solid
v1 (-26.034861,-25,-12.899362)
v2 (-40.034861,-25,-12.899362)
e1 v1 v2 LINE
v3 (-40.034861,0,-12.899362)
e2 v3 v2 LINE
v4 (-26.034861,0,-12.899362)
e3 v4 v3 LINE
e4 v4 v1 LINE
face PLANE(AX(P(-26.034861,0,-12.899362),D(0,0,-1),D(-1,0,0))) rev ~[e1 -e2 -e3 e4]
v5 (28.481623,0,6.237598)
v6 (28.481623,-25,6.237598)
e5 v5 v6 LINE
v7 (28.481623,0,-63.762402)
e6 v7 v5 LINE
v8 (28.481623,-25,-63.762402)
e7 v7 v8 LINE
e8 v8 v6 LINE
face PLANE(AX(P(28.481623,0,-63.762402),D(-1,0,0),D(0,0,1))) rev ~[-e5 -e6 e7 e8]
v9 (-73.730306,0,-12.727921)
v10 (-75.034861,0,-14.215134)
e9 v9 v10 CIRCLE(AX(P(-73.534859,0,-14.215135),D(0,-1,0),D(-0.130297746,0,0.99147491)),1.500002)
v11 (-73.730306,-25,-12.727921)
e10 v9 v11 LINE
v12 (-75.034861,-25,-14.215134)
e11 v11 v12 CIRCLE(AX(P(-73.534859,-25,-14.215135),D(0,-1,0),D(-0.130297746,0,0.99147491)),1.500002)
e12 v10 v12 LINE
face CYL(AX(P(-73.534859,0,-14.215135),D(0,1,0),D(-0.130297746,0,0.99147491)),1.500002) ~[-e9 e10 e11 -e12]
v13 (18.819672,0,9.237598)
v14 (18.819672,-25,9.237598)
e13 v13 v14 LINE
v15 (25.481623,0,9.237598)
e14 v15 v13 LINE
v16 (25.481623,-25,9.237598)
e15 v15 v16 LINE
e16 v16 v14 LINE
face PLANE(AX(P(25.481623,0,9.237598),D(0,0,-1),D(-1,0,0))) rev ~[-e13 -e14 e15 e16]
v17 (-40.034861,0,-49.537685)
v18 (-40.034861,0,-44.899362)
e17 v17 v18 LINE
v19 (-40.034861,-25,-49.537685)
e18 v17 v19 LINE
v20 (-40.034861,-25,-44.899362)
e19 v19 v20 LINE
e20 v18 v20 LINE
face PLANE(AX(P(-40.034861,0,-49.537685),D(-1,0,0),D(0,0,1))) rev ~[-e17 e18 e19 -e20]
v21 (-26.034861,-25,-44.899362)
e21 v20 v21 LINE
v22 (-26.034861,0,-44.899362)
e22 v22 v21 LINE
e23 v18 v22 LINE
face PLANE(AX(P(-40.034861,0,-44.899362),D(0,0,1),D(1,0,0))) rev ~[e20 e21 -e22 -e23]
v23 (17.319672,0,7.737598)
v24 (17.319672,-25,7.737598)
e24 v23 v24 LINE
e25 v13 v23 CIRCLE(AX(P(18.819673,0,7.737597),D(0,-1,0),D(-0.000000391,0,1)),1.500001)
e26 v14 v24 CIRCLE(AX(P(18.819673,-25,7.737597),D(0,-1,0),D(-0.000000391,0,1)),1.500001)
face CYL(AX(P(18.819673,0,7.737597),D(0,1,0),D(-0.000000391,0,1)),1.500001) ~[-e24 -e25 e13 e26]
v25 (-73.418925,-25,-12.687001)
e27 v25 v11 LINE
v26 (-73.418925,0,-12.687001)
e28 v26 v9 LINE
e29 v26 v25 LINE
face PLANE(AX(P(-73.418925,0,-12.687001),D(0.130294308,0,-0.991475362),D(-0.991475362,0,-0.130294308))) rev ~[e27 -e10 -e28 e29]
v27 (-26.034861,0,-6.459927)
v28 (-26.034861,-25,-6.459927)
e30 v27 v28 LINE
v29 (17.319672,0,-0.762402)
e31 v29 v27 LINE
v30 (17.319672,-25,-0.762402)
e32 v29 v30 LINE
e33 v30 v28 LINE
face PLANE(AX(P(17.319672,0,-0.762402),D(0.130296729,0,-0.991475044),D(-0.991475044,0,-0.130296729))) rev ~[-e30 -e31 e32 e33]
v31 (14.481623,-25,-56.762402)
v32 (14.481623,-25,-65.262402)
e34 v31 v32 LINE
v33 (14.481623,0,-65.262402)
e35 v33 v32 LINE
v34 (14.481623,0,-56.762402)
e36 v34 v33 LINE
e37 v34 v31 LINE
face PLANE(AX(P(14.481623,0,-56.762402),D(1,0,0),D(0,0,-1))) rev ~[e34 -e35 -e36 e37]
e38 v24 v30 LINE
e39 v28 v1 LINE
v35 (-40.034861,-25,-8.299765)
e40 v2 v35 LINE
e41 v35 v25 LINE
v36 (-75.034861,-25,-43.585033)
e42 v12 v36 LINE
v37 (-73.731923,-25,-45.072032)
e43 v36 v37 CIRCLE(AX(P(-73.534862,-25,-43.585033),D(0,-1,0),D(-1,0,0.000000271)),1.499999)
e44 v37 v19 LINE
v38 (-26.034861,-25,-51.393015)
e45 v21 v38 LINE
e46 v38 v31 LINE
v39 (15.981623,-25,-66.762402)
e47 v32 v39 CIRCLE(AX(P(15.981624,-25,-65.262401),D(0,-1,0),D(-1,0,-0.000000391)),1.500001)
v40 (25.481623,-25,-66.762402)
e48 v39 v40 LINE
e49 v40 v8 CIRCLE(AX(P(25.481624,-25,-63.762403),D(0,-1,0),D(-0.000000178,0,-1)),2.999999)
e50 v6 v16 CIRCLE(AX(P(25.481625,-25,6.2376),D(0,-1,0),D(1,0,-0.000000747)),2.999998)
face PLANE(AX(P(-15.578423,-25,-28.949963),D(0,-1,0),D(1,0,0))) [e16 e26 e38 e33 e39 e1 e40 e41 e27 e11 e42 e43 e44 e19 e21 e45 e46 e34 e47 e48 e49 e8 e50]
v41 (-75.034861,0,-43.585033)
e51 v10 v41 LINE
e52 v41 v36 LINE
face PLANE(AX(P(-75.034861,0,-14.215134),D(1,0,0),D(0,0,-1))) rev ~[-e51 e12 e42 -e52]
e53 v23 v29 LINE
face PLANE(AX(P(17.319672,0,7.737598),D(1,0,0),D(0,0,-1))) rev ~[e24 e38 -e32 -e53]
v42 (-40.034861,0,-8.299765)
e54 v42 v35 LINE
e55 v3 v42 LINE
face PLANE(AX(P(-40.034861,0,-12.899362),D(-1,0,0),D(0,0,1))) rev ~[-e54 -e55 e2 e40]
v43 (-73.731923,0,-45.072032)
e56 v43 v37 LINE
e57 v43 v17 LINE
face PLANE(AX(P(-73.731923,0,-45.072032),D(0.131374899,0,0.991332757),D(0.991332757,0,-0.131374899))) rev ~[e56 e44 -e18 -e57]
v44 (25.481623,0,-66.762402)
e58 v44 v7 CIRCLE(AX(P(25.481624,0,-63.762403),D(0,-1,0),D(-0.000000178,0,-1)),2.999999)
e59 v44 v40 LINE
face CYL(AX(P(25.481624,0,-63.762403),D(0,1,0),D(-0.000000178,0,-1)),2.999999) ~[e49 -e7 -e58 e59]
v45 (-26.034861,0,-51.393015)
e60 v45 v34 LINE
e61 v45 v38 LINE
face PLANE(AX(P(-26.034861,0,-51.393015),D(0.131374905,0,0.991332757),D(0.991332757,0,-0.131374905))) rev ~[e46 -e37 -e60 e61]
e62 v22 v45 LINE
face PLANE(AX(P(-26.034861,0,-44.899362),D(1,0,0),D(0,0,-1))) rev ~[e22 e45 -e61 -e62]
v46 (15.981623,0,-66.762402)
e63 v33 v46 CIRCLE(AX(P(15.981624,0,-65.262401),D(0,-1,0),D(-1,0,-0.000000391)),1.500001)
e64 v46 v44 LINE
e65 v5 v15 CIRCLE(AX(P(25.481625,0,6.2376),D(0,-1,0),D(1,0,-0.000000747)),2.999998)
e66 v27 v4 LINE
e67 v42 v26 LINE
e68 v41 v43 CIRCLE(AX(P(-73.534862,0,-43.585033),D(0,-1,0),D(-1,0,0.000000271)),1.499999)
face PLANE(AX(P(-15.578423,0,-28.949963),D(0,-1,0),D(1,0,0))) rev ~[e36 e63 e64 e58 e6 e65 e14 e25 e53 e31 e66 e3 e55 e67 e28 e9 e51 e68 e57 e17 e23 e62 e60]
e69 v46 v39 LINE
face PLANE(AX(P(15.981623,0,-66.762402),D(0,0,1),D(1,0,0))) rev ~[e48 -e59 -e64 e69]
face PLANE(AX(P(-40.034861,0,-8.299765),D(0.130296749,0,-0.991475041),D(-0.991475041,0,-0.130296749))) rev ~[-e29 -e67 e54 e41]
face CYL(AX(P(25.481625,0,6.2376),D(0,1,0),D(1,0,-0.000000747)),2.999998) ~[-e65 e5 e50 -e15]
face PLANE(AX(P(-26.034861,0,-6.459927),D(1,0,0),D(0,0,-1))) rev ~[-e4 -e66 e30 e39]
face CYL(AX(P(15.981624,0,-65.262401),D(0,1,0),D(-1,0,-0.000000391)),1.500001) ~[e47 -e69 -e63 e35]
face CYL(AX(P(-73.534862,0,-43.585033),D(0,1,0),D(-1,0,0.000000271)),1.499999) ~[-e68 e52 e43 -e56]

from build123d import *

# Parameters (mm, degrees)
F1_DEPTH = 25


with BuildPart() as f1:
    # F0 (on Front) → F1 (new body)
    with BuildSketch(Plane.XZ):
        with BuildLine():
            ThreePointArc((28.481623, 6.237598), (27.602944, 8.358919), (25.481623, 9.237598))
            Line((25.481623, 9.237598), (18.819672, 9.237598))
            ThreePointArc((18.819672, 9.237598), (17.759012, 8.798258), (17.319672, 7.737598))
            Line((17.319672, 7.737598), (17.319672, -0.762402))
            Line((17.319672, -0.762402), (-26.034861, -6.459927))
            Line((-26.034861, -6.459927), (-26.034861, -12.899362))
            Line((-26.034861, -12.899362), (-40.034861, -12.899362))
            Line((-40.034861, -12.899362), (-40.034861, -8.299765))
            Line((-40.034861, -8.299765), (-73.418925, -12.687001))
            Line((-73.418925, -12.687001), (-73.730306, -12.727921))
            ThreePointArc((-73.730306, -12.727921), (-74.662506, -13.225985), (-75.034861, -14.215134))
            Line((-75.034861, -14.215134), (-75.034861, -43.585033))
            ThreePointArc((-75.034861, -43.585033), (-74.663044, -44.573569), (-73.731923, -45.072032))
            Line((-73.731923, -45.072032), (-40.034861, -49.537685))
            Line((-40.034861, -49.537685), (-40.034861, -44.899362))
            Line((-40.034861, -44.899362), (-26.034861, -44.899362))
            Line((-26.034861, -44.899362), (-26.034861, -51.393015))
            Line((-26.034861, -51.393015), (14.481623, -56.762402))
            Line((14.481623, -56.762402), (14.481623, -65.262402))
            ThreePointArc((14.481623, -65.262402), (14.920963, -66.323062), (15.981623, -66.762402))
            Line((15.981623, -66.762402), (25.481623, -66.762402))
            ThreePointArc((25.481623, -66.762402), (27.602944, -65.883722), (28.481623, -63.762402))
            Line((28.481623, -63.762402), (28.481623, 6.237598))
        make_face()
    extrude(amount=F1_DEPTH)


solid = f1.part
